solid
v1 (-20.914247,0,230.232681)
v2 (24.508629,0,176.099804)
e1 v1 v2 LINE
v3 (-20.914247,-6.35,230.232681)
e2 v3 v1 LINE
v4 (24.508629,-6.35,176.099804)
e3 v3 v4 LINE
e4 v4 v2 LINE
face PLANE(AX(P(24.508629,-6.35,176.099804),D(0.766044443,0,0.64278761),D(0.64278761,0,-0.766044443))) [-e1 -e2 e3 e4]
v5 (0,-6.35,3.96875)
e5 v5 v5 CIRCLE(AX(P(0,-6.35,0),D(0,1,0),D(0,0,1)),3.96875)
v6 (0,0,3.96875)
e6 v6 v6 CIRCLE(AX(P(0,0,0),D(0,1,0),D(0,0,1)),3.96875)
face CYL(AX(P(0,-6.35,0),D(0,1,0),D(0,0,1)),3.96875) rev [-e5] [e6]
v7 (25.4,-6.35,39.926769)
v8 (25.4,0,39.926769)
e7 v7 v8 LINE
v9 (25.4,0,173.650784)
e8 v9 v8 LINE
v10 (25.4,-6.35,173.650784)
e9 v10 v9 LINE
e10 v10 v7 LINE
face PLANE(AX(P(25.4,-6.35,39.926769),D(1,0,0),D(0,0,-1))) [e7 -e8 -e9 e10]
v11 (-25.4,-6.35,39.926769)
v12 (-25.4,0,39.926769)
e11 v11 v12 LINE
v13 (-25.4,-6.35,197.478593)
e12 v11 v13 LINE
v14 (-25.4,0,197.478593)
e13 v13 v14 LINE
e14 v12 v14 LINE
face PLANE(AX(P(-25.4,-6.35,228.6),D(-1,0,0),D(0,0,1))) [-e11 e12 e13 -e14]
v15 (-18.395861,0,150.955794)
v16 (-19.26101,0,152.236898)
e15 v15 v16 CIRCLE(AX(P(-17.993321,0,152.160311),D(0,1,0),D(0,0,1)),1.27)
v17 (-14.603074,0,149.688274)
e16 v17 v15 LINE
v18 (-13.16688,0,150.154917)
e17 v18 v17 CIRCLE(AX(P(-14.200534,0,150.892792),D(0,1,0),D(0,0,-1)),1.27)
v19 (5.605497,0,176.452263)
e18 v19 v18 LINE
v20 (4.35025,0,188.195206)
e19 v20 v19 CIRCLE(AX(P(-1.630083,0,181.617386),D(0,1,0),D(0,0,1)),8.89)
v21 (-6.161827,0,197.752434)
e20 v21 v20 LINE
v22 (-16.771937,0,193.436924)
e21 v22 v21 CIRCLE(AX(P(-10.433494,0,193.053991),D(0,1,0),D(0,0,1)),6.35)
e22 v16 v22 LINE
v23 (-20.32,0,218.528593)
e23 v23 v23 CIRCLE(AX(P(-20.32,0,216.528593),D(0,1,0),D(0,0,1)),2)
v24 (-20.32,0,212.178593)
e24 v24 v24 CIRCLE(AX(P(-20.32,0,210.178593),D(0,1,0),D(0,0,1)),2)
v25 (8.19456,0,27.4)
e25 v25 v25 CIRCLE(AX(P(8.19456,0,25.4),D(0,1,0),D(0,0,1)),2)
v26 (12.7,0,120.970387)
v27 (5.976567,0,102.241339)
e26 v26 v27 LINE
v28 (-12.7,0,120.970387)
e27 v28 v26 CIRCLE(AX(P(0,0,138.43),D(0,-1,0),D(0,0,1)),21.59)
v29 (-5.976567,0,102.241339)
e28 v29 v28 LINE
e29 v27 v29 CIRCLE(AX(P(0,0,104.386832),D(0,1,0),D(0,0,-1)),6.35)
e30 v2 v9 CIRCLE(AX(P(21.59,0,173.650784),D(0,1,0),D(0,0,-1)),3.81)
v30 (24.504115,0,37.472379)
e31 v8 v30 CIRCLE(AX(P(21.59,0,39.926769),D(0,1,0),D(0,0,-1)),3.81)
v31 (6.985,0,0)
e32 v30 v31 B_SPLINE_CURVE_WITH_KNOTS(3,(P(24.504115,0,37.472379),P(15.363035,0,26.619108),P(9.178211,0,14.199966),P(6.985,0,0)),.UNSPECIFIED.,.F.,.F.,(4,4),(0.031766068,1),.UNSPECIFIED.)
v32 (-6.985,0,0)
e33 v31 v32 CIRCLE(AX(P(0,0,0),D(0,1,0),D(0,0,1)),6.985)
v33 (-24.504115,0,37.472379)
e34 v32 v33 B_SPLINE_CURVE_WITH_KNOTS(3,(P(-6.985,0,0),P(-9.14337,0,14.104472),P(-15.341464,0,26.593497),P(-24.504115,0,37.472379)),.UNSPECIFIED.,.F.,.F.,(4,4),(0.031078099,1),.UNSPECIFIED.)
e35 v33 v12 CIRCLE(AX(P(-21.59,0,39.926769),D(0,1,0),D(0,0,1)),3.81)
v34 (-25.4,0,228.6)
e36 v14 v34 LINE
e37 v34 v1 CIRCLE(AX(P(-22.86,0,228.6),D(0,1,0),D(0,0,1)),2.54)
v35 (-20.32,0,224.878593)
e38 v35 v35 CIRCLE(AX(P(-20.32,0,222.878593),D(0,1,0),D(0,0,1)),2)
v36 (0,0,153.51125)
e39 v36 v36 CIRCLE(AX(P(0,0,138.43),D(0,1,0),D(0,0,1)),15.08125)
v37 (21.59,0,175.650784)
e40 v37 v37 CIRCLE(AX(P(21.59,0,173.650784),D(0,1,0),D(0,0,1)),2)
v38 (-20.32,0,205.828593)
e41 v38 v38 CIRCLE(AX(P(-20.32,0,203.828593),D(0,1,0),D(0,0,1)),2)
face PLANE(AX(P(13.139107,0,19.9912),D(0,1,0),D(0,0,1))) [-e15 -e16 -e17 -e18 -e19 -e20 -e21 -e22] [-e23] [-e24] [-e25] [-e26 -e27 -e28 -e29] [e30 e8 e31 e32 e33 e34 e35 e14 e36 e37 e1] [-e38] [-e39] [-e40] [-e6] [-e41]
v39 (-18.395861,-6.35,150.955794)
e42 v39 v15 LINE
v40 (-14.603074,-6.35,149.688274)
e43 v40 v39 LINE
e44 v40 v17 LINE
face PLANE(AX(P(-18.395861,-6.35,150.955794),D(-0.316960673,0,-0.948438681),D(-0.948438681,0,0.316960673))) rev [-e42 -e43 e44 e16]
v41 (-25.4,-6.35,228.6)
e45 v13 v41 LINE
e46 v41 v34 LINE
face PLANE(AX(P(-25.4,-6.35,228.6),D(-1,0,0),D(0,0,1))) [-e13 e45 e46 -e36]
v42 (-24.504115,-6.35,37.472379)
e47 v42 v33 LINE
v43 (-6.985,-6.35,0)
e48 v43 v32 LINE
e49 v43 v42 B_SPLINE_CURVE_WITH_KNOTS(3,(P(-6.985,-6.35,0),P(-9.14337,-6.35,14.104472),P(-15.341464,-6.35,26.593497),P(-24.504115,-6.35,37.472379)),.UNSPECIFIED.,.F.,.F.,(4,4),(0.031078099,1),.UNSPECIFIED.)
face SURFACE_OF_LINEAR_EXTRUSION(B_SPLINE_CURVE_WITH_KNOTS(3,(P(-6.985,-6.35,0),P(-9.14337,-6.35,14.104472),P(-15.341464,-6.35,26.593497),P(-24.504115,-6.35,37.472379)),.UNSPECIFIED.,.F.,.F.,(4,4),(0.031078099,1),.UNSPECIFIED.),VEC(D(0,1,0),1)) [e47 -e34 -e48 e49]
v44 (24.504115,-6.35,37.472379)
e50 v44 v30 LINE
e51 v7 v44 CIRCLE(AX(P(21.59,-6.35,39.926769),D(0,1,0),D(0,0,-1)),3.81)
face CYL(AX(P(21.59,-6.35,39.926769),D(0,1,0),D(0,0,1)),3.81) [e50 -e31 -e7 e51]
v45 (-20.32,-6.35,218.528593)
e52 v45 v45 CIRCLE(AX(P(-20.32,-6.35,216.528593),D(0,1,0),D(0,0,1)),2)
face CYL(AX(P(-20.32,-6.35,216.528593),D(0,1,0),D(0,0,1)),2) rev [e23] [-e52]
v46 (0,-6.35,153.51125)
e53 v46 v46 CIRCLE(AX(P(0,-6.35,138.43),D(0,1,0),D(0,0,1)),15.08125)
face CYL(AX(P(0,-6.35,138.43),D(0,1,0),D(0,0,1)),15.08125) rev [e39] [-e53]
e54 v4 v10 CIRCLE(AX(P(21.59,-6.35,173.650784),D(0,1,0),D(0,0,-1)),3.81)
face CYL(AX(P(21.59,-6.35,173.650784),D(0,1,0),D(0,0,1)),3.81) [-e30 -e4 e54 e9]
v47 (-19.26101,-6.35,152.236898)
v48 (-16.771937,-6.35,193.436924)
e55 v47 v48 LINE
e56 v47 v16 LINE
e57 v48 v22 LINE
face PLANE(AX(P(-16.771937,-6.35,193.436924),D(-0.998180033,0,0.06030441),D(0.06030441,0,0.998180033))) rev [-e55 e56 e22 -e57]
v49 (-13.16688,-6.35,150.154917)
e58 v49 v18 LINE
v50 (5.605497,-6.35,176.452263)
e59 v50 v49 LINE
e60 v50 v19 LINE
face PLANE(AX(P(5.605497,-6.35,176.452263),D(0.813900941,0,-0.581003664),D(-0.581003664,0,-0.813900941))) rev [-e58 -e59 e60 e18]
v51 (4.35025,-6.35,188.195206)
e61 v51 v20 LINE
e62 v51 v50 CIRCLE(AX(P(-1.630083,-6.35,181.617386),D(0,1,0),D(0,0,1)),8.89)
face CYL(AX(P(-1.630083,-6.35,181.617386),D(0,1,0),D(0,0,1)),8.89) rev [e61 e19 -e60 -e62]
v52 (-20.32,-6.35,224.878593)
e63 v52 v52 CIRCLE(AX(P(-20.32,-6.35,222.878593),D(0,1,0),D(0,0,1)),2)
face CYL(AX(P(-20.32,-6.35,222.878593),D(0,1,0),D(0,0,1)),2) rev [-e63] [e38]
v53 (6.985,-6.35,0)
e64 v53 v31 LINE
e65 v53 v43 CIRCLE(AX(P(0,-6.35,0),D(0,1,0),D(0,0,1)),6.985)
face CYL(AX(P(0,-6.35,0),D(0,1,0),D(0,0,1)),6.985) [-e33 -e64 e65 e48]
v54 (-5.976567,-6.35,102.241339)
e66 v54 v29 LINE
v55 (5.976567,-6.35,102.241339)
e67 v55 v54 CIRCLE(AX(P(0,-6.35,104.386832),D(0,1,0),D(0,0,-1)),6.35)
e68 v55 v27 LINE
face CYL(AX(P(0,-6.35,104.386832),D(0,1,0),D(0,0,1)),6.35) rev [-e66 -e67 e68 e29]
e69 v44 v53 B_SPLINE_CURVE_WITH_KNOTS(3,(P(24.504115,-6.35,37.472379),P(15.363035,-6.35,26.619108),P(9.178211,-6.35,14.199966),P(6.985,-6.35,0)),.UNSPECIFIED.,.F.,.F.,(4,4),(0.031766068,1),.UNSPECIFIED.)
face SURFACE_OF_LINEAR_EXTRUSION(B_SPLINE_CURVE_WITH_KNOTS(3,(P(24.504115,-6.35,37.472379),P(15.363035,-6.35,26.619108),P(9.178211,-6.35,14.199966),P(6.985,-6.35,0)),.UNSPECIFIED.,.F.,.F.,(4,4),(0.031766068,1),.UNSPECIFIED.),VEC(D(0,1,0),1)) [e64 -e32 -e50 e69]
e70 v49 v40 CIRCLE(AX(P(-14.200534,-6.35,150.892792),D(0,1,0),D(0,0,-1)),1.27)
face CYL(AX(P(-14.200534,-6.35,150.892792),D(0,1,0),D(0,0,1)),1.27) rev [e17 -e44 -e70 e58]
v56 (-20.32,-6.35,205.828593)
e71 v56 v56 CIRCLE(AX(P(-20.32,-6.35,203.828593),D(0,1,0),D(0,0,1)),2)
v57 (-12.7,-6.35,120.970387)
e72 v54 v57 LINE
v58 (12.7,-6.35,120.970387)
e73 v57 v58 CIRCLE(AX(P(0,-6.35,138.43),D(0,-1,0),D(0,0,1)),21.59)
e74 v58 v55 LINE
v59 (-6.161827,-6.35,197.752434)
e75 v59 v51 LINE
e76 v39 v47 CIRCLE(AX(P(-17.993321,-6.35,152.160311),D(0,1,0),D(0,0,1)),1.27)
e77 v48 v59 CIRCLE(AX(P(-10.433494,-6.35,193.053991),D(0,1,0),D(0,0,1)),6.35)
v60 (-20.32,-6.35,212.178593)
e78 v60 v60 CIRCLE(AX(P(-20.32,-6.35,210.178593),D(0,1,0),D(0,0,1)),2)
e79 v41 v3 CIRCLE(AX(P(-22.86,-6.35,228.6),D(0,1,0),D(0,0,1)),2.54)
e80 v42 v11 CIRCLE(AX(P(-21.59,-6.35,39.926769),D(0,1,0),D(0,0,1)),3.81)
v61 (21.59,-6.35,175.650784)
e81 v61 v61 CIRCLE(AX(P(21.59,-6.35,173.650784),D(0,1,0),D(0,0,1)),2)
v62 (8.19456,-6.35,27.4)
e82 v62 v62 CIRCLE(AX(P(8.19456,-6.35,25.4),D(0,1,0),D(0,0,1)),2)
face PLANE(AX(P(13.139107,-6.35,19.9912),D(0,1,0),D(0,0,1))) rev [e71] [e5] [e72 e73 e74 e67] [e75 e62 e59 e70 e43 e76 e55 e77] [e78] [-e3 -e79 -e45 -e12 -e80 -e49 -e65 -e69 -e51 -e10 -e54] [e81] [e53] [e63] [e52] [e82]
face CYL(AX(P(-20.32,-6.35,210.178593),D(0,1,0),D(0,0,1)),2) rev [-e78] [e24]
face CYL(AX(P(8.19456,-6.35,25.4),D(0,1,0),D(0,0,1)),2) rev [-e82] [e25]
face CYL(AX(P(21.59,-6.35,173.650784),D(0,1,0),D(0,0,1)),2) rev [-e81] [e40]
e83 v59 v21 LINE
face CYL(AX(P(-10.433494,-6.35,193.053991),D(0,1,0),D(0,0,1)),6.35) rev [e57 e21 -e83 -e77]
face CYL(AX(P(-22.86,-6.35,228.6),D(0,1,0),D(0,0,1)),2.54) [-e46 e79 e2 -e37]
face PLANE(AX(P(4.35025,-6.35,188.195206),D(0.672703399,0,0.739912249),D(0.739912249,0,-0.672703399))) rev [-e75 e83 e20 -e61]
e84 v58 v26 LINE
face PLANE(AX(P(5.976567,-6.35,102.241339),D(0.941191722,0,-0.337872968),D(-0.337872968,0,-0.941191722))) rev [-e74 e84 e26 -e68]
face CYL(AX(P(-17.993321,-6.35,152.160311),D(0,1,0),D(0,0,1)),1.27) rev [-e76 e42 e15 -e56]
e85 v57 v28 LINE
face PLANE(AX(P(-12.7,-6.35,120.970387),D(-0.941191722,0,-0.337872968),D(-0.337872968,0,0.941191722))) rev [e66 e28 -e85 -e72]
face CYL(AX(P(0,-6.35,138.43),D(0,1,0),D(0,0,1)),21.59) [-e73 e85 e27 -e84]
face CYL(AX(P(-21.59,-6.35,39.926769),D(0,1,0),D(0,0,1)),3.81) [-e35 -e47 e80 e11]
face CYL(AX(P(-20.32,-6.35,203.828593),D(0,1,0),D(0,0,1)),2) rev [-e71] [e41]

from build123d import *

# Parameters (mm, degrees)
SKETCH1_R           = 3.96875
SKETCH1_R_2         = 15.08125
SKETCH1_R_3         = 2
BOSS_EXTRUDE1_DEPTH = 6.35


with BuildPart() as part:
    # Sketch1 → Boss-Extrude1 (new body)
    with BuildSketch(Plane(origin=(0, 0, 0), x_dir=(1, 0, 0), z_dir=(0, 1, 0))):
        with BuildLine():
            Line((25.4, -39.926769414), (25.4, -173.650783549))
            ThreePointArc((25.4, -173.650783549), (25.170228885, -174.953880295), (24.508629328, -176.099804342))
            Line((24.508629328, -176.099804342), (-20.914247114, -230.232680529))
            ThreePointArc((-20.914247114, -230.232680529), (-23.728731164, -230.986819257), (-25.4, -228.6))
            Line((-25.4, -228.6), (-25.4, -39.926769414))
            ThreePointArc((-25.4, -39.926769414), (-25.169027772, -38.620377357), (-24.504115377, -37.472379149))
            add(Edge.make_bspline(
                [(-24.504115377, -37.472379149), (-15.341464403, -26.593497135), (-9.143369894, -14.104472305), (-6.985, 0)],
                knots=[0.031078099, 0.031078099, 0.031078099, 0.031078099, 1, 1, 1, 1], degree=3))
            ThreePointArc((-6.985, 0), (0, 6.985), (6.985, 0))
            add(Edge.make_bspline(
                [(24.504115377, -37.472379149), (15.363034866, -26.619107902), (9.178211427, -14.199965817), (6.985, 0)],
                knots=[0.031766068, 0.031766068, 0.031766068, 0.031766068, 1, 1, 1, 1], degree=3))
            ThreePointArc((24.504115377, -37.472379149), (25.169027772, -38.620377357), (25.4, -39.926769414))
        make_face()
        with Locations(Location((0, 0, 0), (0, 0, 270))):
            Circle(SKETCH1_R, mode=Mode.SUBTRACT)
        with Locations(Location((0, -138.43, 0), (0, 0, 270))):
            Circle(SKETCH1_R_2, mode=Mode.SUBTRACT)
        with Locations(Location((-20.32, -222.878592645, 0), (0, 0, 270))):
            Circle(SKETCH1_R_3, mode=Mode.SUBTRACT)
        with Locations(Location((-20.32, -216.528592645, 0), (0, 0, 270))):
            Circle(SKETCH1_R_3, mode=Mode.SUBTRACT)
        with Locations(Location((-20.32, -210.178592645, 0), (0, 0, 270))):
            Circle(SKETCH1_R_3, mode=Mode.SUBTRACT)
        with Locations(Location((-20.32, -203.828592645, 0), (0, 0, 270))):
            Circle(SKETCH1_R_3, mode=Mode.SUBTRACT)
        with Locations(Location((21.59, -173.650783549, 0), (0, 0, 270))):
            Circle(SKETCH1_R_3, mode=Mode.SUBTRACT)
        with Locations(Location((8.19455983, -25.4, 0), (0, 0, 270))):
            Circle(SKETCH1_R_3, mode=Mode.SUBTRACT)
        with BuildLine():
            Line((5.605496622, -176.452263434), (-13.166879596, -150.15491695))
            ThreePointArc((-13.166879596, -150.15491695), (-13.808086261, -149.684948511), (-14.603073846, -149.688274478))
            Line((-14.603073846, -149.688274478), (-18.395861473, -150.955793975))
            ThreePointArc((-18.395861473, -150.955793975), (-19.045805463, -151.449552817), (-19.26101006, -152.2368977))
            Line((-19.26101006, -152.2368977), (-16.771936742, -193.436924326))
            ThreePointArc((-16.771936742, -193.436924326), (-12.825939472, -198.936057494), (-6.161826947, -197.752434107))
            Line((-6.161826947, -197.752434107), (4.350250475, -188.195205906))
            ThreePointArc((4.350250475, -188.195205906), (7.209558699, -182.562287673), (5.605496622, -176.452263434))
        make_face(mode=Mode.SUBTRACT)
        with BuildLine():
            Line((-12.7, -120.970386602), (-5.976567434, -102.241338504))
            ThreePointArc((-5.976567434, -102.241338504), (0, -98.036831852), (5.976567434, -102.241338504))
            Line((5.976567434, -102.241338504), (12.7, -120.970386602))
            ThreePointArc((12.7, -120.970386602), (0, -116.84), (-12.7, -120.970386602))
        make_face(mode=Mode.SUBTRACT)
    extrude(amount=-BOSS_EXTRUDE1_DEPTH)


solid = part.part
